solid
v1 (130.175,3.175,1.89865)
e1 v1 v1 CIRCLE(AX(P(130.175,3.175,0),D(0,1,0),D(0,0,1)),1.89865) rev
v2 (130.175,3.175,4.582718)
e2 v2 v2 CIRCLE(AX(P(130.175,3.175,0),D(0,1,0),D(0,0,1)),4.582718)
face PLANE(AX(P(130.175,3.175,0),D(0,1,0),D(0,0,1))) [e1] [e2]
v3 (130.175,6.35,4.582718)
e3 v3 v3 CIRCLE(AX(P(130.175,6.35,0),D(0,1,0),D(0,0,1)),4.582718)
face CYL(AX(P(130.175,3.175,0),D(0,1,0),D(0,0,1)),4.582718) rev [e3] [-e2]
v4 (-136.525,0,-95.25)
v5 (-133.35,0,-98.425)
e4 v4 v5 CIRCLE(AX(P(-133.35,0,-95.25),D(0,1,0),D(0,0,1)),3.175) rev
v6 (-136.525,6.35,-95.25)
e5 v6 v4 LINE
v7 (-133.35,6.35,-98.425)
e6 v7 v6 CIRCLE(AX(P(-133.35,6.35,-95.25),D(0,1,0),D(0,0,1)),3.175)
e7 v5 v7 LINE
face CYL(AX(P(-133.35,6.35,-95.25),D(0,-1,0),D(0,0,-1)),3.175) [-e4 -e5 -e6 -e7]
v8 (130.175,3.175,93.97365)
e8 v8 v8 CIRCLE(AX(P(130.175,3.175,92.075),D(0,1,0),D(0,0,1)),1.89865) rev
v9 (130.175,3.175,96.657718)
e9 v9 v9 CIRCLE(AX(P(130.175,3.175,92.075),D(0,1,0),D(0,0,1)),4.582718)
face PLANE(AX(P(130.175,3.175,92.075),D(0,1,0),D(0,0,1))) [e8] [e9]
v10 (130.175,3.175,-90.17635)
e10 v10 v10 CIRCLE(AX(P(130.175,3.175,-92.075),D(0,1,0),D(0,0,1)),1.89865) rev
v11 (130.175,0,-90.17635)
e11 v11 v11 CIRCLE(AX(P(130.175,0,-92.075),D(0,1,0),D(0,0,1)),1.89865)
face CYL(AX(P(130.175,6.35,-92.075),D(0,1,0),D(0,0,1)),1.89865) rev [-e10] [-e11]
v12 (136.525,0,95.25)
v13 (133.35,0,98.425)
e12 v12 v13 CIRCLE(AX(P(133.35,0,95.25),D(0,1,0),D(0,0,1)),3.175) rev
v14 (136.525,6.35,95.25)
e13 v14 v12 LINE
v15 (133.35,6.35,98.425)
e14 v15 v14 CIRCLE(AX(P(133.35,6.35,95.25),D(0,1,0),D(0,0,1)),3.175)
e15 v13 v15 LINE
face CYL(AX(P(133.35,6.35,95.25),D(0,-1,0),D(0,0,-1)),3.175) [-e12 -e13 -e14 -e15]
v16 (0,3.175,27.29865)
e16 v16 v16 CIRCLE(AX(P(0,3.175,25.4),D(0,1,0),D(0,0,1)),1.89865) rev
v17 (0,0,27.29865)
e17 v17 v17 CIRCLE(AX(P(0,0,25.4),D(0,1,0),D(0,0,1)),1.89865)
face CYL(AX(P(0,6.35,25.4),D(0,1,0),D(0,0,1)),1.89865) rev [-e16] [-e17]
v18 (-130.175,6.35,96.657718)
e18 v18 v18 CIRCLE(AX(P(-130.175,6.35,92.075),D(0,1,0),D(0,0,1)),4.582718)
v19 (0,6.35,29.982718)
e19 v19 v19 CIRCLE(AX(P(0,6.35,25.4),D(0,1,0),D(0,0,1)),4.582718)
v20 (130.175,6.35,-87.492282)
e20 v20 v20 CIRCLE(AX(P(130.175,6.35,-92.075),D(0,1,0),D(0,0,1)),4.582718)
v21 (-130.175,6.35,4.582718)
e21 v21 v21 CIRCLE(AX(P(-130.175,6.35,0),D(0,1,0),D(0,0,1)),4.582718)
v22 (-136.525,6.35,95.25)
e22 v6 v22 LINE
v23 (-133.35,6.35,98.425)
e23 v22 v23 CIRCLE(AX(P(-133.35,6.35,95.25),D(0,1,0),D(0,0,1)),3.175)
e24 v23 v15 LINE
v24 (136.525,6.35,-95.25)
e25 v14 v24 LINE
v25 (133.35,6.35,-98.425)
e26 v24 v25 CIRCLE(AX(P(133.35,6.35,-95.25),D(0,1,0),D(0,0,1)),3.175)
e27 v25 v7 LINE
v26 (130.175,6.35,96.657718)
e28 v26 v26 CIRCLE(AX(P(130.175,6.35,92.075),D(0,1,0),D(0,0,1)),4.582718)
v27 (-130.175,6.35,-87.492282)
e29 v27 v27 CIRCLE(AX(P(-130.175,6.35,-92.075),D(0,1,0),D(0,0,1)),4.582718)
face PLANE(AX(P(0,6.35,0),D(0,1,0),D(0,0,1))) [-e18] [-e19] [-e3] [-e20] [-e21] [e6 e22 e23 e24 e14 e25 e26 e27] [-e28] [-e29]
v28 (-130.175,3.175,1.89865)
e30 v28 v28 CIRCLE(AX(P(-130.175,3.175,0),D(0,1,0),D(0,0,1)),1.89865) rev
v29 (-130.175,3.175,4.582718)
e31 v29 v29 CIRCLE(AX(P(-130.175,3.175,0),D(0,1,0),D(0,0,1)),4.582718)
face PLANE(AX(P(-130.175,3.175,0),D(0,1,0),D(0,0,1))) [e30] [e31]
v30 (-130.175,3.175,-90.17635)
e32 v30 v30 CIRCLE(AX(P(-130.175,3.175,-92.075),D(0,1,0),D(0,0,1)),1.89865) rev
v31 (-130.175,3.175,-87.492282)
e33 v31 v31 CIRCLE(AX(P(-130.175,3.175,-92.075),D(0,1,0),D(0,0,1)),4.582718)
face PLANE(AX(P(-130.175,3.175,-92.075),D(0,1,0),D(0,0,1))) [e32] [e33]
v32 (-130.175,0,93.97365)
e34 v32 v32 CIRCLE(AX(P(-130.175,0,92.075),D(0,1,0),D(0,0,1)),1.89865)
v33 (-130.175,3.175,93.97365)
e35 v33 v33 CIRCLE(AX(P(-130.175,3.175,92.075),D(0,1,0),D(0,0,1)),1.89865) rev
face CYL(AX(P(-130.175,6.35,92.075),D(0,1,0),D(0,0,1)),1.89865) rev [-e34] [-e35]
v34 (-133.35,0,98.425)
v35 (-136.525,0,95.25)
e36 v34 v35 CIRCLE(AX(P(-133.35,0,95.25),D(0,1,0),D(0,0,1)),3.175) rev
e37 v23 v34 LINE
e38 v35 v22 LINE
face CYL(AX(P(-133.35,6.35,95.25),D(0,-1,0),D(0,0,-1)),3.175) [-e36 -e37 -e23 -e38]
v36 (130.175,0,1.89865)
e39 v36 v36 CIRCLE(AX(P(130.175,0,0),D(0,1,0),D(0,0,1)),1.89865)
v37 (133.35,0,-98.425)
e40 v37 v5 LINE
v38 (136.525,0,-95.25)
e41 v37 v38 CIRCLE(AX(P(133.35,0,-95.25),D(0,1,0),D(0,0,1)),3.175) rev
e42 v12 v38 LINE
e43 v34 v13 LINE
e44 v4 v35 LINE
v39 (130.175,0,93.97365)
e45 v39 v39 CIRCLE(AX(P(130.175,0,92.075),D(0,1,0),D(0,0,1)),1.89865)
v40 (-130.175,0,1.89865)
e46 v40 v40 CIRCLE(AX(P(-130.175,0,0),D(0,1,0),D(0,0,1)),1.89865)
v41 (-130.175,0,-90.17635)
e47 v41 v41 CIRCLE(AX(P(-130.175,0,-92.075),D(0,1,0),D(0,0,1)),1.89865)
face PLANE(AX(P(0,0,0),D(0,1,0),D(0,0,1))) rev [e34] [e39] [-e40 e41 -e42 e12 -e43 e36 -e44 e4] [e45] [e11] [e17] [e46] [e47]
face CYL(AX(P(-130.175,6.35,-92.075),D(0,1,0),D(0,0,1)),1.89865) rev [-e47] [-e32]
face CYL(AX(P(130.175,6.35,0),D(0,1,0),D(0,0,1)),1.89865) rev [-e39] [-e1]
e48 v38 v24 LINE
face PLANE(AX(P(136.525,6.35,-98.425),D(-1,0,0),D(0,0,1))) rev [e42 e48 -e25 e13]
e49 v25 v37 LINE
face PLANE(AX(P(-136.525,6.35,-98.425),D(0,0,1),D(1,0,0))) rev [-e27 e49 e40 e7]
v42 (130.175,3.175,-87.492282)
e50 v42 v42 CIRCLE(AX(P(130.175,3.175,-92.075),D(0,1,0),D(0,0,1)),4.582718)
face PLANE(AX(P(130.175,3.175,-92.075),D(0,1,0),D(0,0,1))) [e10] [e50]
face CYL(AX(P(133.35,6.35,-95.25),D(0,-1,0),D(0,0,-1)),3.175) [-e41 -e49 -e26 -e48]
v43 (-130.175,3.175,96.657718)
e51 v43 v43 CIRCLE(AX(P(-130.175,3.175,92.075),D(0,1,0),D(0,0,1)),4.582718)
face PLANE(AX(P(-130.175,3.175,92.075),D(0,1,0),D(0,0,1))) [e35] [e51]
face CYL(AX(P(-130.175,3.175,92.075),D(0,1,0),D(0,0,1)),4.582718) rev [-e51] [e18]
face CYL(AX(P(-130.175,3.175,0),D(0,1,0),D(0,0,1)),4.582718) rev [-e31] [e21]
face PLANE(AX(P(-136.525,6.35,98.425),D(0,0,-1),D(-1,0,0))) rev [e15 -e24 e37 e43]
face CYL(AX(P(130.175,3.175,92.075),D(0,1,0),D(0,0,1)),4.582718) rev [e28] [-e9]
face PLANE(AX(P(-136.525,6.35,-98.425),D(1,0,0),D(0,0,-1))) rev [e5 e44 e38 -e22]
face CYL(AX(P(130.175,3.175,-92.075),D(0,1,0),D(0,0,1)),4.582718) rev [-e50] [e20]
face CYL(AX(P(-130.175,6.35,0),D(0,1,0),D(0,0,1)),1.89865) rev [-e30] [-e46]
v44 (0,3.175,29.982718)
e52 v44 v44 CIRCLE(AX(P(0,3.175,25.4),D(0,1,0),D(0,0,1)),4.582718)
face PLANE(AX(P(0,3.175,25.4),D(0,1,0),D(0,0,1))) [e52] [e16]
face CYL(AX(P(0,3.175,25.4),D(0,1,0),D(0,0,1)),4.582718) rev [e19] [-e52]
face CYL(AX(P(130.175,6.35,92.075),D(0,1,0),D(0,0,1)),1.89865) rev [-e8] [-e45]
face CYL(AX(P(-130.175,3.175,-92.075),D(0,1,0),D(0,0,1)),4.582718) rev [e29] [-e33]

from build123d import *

# Parameters (mm, degrees)
SKETCH1_W             = 273.05
SKETCH1_H             = 196.85
BOSS_EXTRUDE1_DEPTH   = 6.35
F_6_CLEARANCE_HOLE1_D = 3.7973
SKETCH4_R             = 4.582717762
CUT_EXTRUDE1_DEPTH    = 3.175
FILLET1_R             = 3.175


with BuildPart() as part:
    # Sketch1 → Boss-Extrude1 (new body)
    with BuildSketch(Plane(origin=(0, 0, 0), x_dir=(1, 0, 0), z_dir=(0, 1, 0))):
        Rectangle(SKETCH1_W, SKETCH1_H)
    extrude(amount=BOSS_EXTRUDE1_DEPTH)

    # #6 Clearance Hole1 (through all)
    with Locations(Plane(origin=(0, 6.35, 0), x_dir=(1, 0, 0), z_dir=(0, 1, 0))):
        with Locations((-130.175, 92.075), (130.175, 92.075), (130.175, -92.075), (-130.175, -92.075), (-130.175, 0), (130.175, 0), (0, -25.4)):
            Hole(F_6_CLEARANCE_HOLE1_D / 2)

    # Sketch4 → Cut-Extrude1 (cut)
    with BuildSketch(Plane(origin=(0, 6.35, 0), x_dir=(1, 0, 0), z_dir=(0, 1, 0))):
        with Locations(Location((-130.175, 92.075, 0), (0, 0, 270))):
            Circle(SKETCH4_R)
        with Locations(Location((130.175, 92.075, 0), (0, 0, 270))):
            Circle(SKETCH4_R)
        with Locations(Location((130.175, -92.075, 0), (0, 0, 270))):
            Circle(SKETCH4_R)
        with Locations(Location((-130.175, -92.075, 0), (0, 0, 270))):
            Circle(SKETCH4_R)
        with Locations(Location((-130.175, 0, 0), (0, 0, 270))):
            Circle(SKETCH4_R)
        with Locations(Location((130.175, 0, 0), (0, 0, 270))):
            Circle(SKETCH4_R)
        with Locations(Location((0, -25.4, 0), (0, 0, 270))):
            Circle(SKETCH4_R)
    extrude(amount=-CUT_EXTRUDE1_DEPTH, mode=Mode.SUBTRACT)

    # Fillet1
    fillet1_edges = [part.edges().sort_by_distance(p)[0] for p in [
        (136.525, 3.175, 98.425),
        (-136.525, 3.175, 98.425),
        (-136.525, 3.175, -98.425),
        (136.525, 3.175, -98.425),
    ]]
    fillet(fillet1_edges, radius=FILLET1_R)


solid = part.part
